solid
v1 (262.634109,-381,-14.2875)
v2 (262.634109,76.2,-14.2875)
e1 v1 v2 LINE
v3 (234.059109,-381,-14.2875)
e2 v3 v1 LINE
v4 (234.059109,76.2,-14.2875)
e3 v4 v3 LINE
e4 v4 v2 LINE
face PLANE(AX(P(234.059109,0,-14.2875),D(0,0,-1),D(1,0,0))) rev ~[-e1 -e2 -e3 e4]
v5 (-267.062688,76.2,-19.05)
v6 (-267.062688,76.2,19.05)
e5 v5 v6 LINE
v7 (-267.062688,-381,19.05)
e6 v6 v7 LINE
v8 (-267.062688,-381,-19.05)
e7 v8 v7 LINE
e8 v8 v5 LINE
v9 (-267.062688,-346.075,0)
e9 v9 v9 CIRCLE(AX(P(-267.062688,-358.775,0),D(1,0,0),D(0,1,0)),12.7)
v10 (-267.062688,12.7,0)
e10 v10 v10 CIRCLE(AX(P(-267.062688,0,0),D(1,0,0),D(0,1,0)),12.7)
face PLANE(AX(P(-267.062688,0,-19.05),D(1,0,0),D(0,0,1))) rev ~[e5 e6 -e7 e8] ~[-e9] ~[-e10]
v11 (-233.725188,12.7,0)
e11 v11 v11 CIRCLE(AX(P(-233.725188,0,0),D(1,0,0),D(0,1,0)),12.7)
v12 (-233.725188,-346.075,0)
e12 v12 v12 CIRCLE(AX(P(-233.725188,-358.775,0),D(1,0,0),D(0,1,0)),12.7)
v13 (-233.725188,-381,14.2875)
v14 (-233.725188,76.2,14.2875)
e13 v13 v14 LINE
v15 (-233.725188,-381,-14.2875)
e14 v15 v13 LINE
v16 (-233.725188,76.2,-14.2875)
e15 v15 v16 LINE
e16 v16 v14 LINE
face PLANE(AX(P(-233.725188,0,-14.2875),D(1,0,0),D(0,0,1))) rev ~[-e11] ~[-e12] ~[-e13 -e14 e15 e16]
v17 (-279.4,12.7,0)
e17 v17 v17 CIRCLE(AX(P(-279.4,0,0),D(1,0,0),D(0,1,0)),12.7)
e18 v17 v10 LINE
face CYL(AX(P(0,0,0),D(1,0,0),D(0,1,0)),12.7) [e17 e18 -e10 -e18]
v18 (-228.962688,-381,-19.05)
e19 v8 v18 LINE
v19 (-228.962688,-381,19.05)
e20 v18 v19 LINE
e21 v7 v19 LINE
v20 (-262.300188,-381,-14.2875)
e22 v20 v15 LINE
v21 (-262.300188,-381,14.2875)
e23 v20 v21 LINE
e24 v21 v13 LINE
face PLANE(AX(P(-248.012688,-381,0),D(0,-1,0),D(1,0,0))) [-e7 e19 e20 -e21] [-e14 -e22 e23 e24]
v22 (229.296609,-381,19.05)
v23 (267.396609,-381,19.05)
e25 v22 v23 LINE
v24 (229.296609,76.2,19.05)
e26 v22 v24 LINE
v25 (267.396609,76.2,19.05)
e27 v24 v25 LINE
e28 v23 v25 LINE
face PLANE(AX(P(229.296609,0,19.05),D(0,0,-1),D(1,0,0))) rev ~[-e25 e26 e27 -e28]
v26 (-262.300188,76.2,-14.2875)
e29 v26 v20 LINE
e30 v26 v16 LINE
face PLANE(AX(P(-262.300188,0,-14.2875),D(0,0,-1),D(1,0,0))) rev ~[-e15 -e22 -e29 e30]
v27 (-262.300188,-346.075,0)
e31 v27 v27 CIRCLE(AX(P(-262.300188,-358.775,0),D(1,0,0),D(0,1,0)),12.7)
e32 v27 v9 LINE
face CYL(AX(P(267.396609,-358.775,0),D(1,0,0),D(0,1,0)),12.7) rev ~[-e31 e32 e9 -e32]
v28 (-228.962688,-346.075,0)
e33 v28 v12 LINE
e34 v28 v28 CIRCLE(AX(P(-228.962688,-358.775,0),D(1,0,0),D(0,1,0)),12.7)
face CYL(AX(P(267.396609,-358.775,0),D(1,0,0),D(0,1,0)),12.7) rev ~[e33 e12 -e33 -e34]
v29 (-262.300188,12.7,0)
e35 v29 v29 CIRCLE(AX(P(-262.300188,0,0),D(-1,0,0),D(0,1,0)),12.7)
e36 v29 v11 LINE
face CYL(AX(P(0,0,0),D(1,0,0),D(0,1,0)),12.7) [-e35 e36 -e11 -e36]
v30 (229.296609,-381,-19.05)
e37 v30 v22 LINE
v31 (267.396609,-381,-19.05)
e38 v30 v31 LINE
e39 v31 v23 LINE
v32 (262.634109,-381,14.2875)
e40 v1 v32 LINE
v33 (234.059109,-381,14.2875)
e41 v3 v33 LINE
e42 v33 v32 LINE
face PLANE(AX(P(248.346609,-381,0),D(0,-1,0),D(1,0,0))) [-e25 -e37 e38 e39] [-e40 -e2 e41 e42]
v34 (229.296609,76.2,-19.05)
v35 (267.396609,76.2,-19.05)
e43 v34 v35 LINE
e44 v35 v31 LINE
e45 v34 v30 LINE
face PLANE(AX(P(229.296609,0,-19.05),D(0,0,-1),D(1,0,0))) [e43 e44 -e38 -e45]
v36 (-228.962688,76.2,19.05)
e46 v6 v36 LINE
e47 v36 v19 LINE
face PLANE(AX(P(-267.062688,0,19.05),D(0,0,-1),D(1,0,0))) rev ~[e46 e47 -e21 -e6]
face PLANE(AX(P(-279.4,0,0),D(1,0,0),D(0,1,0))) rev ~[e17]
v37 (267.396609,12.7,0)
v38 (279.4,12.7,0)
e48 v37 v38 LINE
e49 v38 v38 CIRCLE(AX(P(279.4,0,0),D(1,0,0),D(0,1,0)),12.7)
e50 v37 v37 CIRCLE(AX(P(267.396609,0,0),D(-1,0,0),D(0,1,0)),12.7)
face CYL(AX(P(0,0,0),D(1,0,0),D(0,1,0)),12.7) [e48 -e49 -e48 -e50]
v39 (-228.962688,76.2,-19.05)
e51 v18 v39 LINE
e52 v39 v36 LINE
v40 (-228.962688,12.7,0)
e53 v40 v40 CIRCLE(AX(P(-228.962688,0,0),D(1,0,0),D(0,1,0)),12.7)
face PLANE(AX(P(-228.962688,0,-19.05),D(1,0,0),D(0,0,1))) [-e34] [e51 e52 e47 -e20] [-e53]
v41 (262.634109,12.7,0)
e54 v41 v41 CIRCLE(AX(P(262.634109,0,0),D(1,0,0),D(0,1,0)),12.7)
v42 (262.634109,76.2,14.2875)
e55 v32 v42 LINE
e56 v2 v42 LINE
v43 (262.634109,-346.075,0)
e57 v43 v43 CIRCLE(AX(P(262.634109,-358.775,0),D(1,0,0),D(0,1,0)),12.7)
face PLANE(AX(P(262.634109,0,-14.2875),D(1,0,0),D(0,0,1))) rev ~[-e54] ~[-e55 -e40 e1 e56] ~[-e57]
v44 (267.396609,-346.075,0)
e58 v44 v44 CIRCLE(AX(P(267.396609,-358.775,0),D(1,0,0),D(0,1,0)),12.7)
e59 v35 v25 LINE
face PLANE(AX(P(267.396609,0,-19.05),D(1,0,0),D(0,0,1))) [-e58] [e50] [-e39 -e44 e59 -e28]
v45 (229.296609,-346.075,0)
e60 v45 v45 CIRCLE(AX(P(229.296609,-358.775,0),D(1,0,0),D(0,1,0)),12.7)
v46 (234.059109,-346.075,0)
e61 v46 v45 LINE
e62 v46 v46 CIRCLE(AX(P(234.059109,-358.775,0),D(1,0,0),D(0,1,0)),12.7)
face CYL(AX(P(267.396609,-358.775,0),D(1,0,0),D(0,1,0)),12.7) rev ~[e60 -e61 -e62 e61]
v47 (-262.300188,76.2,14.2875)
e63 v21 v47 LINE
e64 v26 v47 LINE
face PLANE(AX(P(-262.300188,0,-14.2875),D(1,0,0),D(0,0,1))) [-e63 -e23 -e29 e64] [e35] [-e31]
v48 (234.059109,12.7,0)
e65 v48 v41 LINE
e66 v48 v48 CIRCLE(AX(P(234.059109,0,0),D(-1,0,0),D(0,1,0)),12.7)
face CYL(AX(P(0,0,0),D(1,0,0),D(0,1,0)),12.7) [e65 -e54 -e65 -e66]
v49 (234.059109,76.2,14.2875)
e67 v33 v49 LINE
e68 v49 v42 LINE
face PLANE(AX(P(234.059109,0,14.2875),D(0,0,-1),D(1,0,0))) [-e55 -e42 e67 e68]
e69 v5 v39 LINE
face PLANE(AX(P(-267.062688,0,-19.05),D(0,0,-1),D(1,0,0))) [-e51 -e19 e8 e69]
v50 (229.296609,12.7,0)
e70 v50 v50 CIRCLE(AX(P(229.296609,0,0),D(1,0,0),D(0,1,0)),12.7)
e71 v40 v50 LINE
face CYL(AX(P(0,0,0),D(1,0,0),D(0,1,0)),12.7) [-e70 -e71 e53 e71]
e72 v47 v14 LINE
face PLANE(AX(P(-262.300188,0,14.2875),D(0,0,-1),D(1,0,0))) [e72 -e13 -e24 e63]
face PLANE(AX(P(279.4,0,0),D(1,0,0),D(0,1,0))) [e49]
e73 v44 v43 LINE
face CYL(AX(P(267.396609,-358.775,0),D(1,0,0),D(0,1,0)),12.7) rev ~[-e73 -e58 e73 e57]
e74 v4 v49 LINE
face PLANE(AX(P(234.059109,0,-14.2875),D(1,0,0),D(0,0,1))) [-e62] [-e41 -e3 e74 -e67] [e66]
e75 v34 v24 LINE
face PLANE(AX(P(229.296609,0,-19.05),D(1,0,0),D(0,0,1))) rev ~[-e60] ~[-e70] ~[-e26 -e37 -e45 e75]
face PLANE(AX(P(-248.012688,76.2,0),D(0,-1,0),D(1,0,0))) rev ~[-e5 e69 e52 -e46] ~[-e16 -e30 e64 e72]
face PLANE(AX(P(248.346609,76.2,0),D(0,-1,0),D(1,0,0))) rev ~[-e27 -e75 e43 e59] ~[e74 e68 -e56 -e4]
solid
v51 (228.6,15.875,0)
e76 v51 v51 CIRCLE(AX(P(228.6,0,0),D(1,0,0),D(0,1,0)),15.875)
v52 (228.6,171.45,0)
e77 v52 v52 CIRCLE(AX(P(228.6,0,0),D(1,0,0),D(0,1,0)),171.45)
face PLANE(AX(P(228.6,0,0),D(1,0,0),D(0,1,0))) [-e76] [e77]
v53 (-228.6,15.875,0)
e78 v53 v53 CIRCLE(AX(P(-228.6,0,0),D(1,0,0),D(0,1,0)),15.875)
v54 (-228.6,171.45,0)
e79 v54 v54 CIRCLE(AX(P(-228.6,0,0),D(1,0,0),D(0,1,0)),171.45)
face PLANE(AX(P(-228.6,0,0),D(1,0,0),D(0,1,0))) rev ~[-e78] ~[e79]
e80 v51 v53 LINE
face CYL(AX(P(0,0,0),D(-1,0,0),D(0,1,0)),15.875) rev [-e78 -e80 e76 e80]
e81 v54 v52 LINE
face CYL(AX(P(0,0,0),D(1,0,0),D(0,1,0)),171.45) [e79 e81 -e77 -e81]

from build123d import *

# Parameters (mm, degrees)
F0_R          = 171.45
F0_R_2        = 15.875
F1_DEPTH      = 228.6
F2_R          = 12.7
F3_DEPTH      = 279.4
F4_W          = 38.1
F4_H          = 38.1
F4_W_2        = 28.575
F4_H_2        = 28.575
F5_DEPTH      = 381
F5_DEPTH_BACK = 76.2
F6_R          = 12.7
F7_DEPTH      = 546.7976089102


with BuildPart() as f1:
    # F0 (on Right) → F1 (new body, symmetric)
    with BuildSketch(Plane.YZ):
        Circle(F0_R)
        Circle(F0_R_2, mode=Mode.SUBTRACT)
    extrude(amount=F1_DEPTH, both=True)


with BuildPart() as f3:
    # F2 (on Right) → F3 (new body, symmetric)
    with BuildSketch(Plane.YZ):
        Circle(F2_R)
    extrude(amount=F3_DEPTH, both=True)

    # F4 (on Front) → F5 (join, two sides)
    with BuildSketch(Plane.XZ) as f5_sk:
        with Locations((248.3466089102, 0)):
            Rectangle(F4_W, F4_H)
        with Locations((248.3466089102, 0)):
            Rectangle(F4_W_2, F4_H_2, mode=Mode.SUBTRACT)
        with Locations((-248.012687972, 0)):
            Rectangle(F4_W, F4_H)
        with Locations((-248.012687972, 0)):
            Rectangle(F4_W_2, F4_H_2, mode=Mode.SUBTRACT)
    extrude(amount=F5_DEPTH)
    extrude(f5_sk.sketch, amount=-F5_DEPTH_BACK)

    # F6 (on face) → F7 (cut, through all)
    with BuildSketch(Plane.YZ.offset(267.3966089102)):
        with Locations((-358.775, 0)):
            Circle(F6_R)
    extrude(amount=-F7_DEPTH, mode=Mode.SUBTRACT)


solid = Compound([f1.part, f3.part])
